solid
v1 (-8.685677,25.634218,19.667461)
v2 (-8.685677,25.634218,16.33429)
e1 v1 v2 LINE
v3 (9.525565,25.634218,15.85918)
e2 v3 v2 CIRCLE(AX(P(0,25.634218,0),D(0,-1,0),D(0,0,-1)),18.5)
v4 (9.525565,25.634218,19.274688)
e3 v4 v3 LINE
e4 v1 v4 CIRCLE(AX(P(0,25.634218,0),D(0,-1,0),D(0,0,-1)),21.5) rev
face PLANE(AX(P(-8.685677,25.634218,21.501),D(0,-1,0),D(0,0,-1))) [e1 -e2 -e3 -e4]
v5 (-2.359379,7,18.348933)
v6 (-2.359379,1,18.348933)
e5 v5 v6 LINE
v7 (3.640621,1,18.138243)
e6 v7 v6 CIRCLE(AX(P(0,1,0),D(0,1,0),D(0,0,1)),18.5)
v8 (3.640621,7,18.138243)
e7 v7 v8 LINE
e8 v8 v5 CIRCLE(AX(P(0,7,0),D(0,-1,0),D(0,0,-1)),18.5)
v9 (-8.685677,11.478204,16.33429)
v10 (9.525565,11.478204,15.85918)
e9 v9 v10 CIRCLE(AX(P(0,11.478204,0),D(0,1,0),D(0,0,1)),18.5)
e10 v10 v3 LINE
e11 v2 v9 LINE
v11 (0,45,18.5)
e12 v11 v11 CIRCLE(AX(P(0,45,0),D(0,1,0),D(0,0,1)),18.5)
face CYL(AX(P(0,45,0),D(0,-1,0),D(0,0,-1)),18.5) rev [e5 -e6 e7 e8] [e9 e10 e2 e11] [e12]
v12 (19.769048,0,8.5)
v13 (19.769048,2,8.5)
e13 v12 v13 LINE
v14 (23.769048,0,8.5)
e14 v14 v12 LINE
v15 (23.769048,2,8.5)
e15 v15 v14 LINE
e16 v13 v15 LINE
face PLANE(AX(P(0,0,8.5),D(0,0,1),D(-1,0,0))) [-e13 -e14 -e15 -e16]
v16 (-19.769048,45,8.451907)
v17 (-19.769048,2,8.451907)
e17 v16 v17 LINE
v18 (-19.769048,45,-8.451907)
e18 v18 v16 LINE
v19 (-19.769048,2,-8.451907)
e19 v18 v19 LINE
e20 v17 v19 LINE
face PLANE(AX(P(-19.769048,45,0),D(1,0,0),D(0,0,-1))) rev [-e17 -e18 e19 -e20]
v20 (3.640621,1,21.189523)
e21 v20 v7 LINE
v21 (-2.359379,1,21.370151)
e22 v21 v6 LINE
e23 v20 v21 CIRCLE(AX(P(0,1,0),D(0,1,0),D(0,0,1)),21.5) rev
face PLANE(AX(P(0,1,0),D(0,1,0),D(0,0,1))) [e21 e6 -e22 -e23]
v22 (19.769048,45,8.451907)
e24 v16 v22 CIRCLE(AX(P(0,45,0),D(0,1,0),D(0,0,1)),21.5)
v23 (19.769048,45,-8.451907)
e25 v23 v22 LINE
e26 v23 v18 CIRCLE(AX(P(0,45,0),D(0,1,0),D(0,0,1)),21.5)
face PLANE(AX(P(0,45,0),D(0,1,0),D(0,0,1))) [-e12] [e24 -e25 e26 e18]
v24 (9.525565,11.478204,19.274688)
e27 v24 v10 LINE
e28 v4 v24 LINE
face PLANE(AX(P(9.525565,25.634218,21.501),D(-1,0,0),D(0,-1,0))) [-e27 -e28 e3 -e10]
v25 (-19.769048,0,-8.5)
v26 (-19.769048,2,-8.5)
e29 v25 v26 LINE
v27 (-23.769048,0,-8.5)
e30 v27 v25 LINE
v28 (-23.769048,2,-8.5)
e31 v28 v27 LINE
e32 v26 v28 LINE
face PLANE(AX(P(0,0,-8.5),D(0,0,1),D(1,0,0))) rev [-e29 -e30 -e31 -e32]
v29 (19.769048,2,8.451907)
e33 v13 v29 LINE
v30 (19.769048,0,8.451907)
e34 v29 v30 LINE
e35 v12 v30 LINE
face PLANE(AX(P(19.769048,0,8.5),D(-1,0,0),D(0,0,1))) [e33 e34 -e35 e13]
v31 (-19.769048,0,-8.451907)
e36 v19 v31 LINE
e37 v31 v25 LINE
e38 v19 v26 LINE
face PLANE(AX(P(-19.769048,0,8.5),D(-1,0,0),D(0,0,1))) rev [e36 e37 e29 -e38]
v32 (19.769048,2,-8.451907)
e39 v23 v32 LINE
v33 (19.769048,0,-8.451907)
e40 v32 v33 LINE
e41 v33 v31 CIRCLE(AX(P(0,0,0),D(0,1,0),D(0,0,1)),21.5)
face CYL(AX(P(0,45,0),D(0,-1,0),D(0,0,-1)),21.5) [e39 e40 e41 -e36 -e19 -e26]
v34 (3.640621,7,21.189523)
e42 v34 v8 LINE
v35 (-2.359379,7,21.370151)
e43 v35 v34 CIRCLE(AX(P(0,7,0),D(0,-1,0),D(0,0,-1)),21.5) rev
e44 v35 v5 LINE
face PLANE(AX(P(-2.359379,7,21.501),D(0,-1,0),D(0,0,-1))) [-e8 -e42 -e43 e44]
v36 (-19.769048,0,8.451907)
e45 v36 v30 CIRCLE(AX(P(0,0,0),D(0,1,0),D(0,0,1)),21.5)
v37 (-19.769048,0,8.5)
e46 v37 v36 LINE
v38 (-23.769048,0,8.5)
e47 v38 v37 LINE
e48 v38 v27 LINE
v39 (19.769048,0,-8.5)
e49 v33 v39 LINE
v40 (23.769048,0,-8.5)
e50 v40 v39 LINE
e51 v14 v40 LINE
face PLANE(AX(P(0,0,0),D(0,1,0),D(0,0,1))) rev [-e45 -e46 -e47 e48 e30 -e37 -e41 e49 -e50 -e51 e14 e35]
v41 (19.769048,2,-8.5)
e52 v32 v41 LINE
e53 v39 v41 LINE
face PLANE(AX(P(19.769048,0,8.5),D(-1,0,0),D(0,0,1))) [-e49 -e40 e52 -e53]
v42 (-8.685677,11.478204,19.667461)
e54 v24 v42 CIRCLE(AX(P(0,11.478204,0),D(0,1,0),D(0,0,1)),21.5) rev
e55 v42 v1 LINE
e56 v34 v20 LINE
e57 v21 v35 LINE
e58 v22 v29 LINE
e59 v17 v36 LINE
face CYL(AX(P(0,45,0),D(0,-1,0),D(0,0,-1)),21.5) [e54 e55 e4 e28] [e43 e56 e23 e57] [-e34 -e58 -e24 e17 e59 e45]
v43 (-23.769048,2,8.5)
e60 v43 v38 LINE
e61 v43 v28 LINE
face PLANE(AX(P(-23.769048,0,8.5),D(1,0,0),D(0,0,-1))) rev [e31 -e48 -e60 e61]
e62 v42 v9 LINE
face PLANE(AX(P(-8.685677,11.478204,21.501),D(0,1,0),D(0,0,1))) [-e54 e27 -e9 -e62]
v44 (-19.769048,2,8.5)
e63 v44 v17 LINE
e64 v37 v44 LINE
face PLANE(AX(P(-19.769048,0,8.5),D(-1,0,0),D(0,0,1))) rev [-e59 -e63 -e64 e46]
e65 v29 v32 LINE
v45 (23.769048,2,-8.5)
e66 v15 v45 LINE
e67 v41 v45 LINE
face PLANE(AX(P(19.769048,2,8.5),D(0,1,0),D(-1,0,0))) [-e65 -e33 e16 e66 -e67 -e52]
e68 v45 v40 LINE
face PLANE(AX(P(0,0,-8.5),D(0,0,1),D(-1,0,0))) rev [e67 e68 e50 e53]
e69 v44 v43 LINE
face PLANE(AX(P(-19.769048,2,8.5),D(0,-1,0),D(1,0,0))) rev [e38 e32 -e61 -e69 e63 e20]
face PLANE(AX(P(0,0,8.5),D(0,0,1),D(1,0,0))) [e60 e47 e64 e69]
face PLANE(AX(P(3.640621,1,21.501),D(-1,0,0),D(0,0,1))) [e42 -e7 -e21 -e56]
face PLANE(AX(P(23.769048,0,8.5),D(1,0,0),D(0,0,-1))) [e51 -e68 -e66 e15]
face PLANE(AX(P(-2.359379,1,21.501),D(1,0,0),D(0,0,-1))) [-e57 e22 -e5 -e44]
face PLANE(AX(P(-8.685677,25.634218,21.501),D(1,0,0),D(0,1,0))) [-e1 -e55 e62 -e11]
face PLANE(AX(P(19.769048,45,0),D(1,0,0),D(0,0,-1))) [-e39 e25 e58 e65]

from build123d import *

# Parameters (mm, degrees)
SKETCH1_R               = 18.5
BOSS_EXTRUDE1_DEPTH     = 45
SKETCH1_3_R             = 18.5
BOSS_EXTRUDE2_DEPTH     = 1
CUT_EXTRUDE1_REACH      = 55.648
CUT_EXTRUDE1_END_RADIUS = 21.5
SKETCH2_W               = 6
SKETCH2_H               = 6
SKETCH2_W_2             = 18.211242215
SKETCH2_H_2             = 14.156014421
SKETCH3_W               = 4
SKETCH3_H               = 2
BOSS_EXTRUDE3_DEPTH     = 8.5


with BuildPart() as part:
    # Sketch1 → Boss-Extrude1 (new body)
    with BuildSketch(Plane(origin=(0, 0, 0), x_dir=(1, 0, 0), z_dir=(0, 1, 0))):
        with BuildLine():
            ThreePointArc((19.769048133, 8.451907235), (0, 21.5), (-19.769048133, 8.451907235))
            Line((-19.769048133, 8.451907235), (-19.769048133, -8.451907235))
            ThreePointArc((-19.769048133, -8.451907235), (0, -21.5), (19.769048133, -8.451907235))
            Line((19.769048133, -8.451907235), (19.769048133, 8.451907235))
        make_face()
        Circle(SKETCH1_R, mode=Mode.SUBTRACT)
    extrude(amount=BOSS_EXTRUDE1_DEPTH)

    # Sketch1<3> → Boss-Extrude2 (add)
    with BuildSketch(Plane(origin=(0, 0, 0), x_dir=(1, 0, 0), z_dir=(0, 1, 0))):
        Circle(SKETCH1_3_R)
    extrude(amount=BOSS_EXTRUDE2_DEPTH)

    # Cut-Extrude1: up to this cylinder (the profile starts inside it)
    cut_extrude1_end = Plane(origin=(0, 11.2781055, 0), z_dir=(0, -1, 0)) * Cylinder(CUT_EXTRUDE1_END_RADIUS, 169.852211, mode=Mode.PRIVATE)
    # Sketch2 → Cut-Extrude1 (cut, up to the surface)
    with BuildSketch(Plane.XY, mode=Mode.PRIVATE) as cut_extrude1_sk1:
        with Locations((0.640621421, 4)):
            Rectangle(SKETCH2_W, SKETCH2_H)
    cut_extrude1_tool1 = extrude(cut_extrude1_sk1.sketch, amount=CUT_EXTRUDE1_REACH, mode=Mode.PRIVATE) & cut_extrude1_end
    add(cut_extrude1_tool1.solids().sort_by_distance((0.640621, 4, 0))[0], mode=Mode.SUBTRACT)
    # Sketch2 → Cut-Extrude1 (cut, up to the surface)
    with BuildSketch(Plane.XY, mode=Mode.PRIVATE) as cut_extrude1_sk2:
        with Locations((0.419944281, 18.556211079)):
            Rectangle(SKETCH2_W_2, SKETCH2_H_2)
    cut_extrude1_tool2 = extrude(cut_extrude1_sk2.sketch, amount=CUT_EXTRUDE1_REACH, mode=Mode.PRIVATE) & cut_extrude1_end
    add(cut_extrude1_tool2.solids().sort_by_distance((0.419944, 18.556211, 0))[0], mode=Mode.SUBTRACT)

    # Sketch3 → Boss-Extrude3 (add, symmetric)
    with BuildSketch(Plane.XY):
        with Locations((-21.769048133, 1)):
            Rectangle(SKETCH3_W, SKETCH3_H)
    boss_extrude3 = extrude(amount=BOSS_EXTRUDE3_DEPTH, both=True)

    # Mirror1: Boss-Extrude3 across plane
    add(boss_extrude3.mirror(Plane(origin=(0, 0, 0), x_dir=(0, 0, 1), z_dir=(1, 0, 0))))


solid = part.part
